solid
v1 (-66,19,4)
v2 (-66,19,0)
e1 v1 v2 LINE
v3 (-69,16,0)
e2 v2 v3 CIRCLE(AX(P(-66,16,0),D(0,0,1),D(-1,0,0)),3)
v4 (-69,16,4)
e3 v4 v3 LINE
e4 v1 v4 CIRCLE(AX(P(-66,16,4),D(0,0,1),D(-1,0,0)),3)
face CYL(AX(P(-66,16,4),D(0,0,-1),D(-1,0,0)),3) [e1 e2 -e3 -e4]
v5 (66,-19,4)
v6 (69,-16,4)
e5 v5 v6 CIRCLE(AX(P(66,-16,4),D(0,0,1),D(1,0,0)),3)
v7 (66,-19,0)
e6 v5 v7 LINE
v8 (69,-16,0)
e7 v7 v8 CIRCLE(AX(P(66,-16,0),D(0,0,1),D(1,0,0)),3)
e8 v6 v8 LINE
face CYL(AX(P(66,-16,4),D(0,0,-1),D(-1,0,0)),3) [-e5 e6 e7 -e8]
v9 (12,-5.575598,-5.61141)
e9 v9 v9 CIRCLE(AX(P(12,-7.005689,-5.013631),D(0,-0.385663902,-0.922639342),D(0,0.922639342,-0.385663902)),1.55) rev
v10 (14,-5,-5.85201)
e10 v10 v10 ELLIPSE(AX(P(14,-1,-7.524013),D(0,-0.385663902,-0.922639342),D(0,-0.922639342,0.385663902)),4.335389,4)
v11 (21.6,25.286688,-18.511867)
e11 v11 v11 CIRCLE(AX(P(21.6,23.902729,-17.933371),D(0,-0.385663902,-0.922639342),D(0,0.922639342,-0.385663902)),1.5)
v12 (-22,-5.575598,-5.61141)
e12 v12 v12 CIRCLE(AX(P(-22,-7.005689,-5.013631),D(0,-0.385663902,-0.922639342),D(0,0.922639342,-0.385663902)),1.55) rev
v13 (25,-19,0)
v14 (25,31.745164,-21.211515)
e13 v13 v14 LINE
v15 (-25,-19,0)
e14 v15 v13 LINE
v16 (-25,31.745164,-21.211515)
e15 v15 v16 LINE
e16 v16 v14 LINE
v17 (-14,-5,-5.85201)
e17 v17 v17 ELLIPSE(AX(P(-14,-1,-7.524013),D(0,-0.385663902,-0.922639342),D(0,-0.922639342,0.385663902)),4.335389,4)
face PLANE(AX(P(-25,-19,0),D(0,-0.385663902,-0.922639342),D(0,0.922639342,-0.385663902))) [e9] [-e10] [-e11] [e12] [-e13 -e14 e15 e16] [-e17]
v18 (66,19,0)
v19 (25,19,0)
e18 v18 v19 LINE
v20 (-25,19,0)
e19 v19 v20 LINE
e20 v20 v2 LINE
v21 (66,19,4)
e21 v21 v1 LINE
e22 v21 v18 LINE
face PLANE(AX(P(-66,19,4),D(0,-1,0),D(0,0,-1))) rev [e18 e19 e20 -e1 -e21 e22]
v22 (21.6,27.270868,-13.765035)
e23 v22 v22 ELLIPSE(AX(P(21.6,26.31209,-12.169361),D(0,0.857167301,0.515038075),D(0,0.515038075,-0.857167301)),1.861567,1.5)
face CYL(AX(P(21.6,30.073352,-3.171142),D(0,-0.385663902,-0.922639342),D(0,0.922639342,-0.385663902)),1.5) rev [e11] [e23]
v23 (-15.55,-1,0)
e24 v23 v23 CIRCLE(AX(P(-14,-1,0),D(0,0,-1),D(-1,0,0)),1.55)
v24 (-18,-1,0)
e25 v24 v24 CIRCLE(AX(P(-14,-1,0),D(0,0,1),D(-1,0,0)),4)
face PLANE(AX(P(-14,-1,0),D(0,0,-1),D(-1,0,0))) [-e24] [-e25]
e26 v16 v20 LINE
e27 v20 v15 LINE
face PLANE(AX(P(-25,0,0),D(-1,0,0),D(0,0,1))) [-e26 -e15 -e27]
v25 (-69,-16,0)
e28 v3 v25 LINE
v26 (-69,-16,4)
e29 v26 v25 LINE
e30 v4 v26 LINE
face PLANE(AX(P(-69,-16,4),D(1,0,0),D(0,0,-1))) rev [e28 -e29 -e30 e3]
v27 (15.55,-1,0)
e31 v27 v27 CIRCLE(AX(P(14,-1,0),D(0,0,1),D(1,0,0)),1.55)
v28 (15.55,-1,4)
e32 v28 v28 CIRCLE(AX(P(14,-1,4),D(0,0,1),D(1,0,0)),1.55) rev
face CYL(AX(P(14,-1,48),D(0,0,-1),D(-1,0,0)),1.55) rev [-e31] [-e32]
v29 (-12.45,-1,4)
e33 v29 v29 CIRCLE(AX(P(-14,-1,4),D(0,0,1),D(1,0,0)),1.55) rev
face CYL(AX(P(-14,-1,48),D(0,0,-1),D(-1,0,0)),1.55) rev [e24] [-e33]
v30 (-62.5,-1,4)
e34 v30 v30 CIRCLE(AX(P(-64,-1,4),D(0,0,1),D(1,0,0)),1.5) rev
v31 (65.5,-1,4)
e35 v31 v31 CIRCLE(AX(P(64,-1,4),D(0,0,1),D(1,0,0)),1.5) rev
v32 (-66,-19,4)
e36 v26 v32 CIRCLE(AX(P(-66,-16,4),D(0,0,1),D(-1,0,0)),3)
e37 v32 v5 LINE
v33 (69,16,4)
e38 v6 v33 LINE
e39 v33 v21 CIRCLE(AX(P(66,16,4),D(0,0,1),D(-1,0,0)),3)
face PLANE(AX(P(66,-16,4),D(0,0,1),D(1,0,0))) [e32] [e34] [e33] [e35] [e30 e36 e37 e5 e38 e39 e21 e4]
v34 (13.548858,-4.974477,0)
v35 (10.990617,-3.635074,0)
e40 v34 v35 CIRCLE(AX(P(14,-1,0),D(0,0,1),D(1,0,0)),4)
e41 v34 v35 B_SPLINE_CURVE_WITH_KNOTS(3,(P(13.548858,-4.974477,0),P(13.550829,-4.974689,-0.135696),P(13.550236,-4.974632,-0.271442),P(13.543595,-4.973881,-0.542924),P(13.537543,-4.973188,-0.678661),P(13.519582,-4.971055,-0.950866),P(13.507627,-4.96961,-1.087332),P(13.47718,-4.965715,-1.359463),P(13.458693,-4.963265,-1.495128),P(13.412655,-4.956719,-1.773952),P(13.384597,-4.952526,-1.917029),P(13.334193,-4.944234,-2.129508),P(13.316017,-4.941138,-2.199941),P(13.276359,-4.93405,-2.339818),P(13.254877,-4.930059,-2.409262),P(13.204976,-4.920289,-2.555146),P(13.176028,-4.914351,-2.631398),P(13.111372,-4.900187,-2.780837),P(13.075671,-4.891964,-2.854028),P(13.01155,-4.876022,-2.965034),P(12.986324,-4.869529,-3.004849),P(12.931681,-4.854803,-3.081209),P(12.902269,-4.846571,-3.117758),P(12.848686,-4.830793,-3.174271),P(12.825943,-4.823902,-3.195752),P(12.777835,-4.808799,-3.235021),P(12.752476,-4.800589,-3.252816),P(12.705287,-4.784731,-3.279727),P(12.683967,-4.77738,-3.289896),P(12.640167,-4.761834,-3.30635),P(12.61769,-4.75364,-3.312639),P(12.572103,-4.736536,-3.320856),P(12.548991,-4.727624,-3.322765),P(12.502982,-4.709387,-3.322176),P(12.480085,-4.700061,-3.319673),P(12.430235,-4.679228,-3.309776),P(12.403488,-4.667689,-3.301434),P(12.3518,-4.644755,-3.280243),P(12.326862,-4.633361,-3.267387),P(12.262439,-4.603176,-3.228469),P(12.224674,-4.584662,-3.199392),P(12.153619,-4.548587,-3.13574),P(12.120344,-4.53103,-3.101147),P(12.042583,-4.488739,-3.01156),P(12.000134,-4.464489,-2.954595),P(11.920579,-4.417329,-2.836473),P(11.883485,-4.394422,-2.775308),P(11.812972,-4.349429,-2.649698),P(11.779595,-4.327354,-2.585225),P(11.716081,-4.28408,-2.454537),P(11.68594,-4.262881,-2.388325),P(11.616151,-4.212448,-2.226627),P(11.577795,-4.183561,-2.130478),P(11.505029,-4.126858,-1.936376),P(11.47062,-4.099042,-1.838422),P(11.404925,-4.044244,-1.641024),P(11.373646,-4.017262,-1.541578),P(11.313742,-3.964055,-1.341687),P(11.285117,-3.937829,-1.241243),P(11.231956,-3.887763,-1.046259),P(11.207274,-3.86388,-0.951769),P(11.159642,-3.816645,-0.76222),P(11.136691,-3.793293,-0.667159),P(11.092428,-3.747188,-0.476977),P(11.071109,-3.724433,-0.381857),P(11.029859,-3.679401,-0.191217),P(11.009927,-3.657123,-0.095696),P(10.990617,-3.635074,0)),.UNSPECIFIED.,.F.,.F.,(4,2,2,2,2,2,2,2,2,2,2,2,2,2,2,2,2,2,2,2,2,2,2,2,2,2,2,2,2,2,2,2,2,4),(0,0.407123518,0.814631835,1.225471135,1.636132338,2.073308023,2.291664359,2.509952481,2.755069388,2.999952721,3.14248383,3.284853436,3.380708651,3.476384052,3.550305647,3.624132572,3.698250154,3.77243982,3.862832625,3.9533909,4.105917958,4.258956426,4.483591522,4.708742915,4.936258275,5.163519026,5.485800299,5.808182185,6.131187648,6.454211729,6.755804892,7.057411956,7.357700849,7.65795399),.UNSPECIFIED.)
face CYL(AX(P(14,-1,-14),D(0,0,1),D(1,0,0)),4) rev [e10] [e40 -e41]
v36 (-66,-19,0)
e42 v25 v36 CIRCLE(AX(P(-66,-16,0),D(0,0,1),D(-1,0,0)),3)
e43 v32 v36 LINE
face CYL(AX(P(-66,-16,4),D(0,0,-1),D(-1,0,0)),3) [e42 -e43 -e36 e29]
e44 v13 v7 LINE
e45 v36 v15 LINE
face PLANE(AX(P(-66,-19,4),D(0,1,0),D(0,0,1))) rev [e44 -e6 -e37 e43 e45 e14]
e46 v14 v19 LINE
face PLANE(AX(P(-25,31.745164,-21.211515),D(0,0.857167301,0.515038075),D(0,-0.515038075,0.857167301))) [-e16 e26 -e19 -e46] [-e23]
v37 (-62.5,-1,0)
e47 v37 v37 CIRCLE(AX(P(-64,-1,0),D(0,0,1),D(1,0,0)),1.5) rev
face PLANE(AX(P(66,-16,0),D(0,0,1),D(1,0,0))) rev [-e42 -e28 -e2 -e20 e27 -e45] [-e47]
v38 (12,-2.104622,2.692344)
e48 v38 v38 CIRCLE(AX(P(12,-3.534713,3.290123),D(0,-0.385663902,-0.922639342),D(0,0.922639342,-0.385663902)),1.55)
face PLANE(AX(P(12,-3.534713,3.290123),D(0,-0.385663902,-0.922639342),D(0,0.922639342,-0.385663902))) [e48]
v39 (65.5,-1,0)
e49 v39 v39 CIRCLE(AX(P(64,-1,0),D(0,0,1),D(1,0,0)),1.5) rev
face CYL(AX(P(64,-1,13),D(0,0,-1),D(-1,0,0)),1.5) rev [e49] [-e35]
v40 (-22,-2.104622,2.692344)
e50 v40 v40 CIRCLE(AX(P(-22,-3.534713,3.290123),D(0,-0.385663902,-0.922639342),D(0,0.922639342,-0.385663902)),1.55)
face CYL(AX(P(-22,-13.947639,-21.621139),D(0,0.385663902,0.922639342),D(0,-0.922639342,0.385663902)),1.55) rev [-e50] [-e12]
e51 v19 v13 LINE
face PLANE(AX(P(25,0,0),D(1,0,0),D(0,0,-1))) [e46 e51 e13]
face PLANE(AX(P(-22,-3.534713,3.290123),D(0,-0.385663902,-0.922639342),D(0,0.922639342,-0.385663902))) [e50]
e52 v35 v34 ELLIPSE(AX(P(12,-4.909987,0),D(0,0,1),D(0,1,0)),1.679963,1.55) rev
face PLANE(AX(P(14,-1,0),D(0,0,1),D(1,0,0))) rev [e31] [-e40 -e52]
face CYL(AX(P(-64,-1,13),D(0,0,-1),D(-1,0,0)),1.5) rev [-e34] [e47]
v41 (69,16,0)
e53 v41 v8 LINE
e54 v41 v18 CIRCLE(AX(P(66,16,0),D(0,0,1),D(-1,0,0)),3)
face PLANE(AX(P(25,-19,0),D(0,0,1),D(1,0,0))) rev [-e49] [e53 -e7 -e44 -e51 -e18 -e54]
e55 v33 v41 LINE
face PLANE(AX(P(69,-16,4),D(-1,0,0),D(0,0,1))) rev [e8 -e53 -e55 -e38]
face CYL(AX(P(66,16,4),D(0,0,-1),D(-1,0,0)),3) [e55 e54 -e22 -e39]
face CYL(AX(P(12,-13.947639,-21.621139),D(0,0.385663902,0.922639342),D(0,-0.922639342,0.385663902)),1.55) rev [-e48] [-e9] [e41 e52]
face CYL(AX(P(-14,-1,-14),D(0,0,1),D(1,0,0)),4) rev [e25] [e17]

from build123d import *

# Parameters (mm, degrees)
SALIENTE_EXTRUIR1_DEPTH    = 4
CORTAR_EXTRUIR1_DEPTH      = 13
CORTAR_EXTRUIR1_DEPTH_BACK = 4
CROQUIS2_R                 = 1.5
SALIENTE_EXTRUIR5_DEPTH    = 94
CORTAR_EXTRUIR2_DEPTH      = 44
CORTAR_EXTRUIR3_DEPTH      = 44
CORTAR_EXTRUIR3_DEPTH_BACK = 44
CROQUIS10_R                = 1.55
CROQUIS15_R                = 4
CORTAR_EXTRUIR5_DEPTH      = 14
CROQUIS17_R                = 1.5
CORTAR_EXTRUIR6_DEPTH      = 16
CORTAR_EXTRUIR9_DEPTH      = 18
CORTAR_EXTRUIR9_DEPTH_BACK = 9
CROQUIS19_R                = 1.55


with BuildPart() as part:
    # Croquis1 → Saliente-Extruir1 (new body)
    with BuildSketch(Plane.XY):
        with BuildLine():
            Line((-66, -19), (66, -19))
            ThreePointArc((66, -19), (68.121320344, -18.121320344), (69, -16))
            Line((69, -16), (69, 16))
            ThreePointArc((69, 16), (68.121320344, 18.121320344), (66, 19))
            Line((66, 19), (-66, 19))
            ThreePointArc((-66, 19), (-68.121320344, 18.121320344), (-69, 16))
            Line((-69, 16), (-69, -16))
            ThreePointArc((-69, -16), (-68.121320344, -18.121320344), (-66, -19))
        make_face()
    extrude(amount=SALIENTE_EXTRUIR1_DEPTH)

    # Croquis2 → Cortar-Extruir1 (cut, two sides: drawn at the far end of the back side and taken through both)
    with BuildSketch(Plane.XY.offset(-CORTAR_EXTRUIR1_DEPTH_BACK)):
        with Locations((-64, -1)):
            Circle(CROQUIS2_R)
        with Locations((64, -1)):
            Circle(CROQUIS2_R)
    extrude(amount=CORTAR_EXTRUIR1_DEPTH + CORTAR_EXTRUIR1_DEPTH_BACK, mode=Mode.SUBTRACT)

    # Croquis4 → Saliente-Extruir5 (add)
    with BuildSketch(Plane(origin=(69, 0, 0), x_dir=(0, 0, -1), z_dir=(1, 0, 0))):
        Polygon((0, -19), (21.2115146, 31.745163793), (0, 19), align=None)
    extrude(amount=-SALIENTE_EXTRUIR5_DEPTH)

    # Croquis6 → Cortar-Extruir2 (cut)
    with BuildSketch(Plane(origin=(69, 0, 0), x_dir=(0, 0, -1), z_dir=(1, 0, 0))):
        Polygon((0, -19), (0, 19), (21.2115146, 31.745163793), align=None)
    extrude(amount=-CORTAR_EXTRUIR2_DEPTH, mode=Mode.SUBTRACT)

    # Croquis10 → Cortar-Extruir3 (cut, two sides: drawn at the far end of the back side and taken through both)
    with BuildSketch(Plane.XY.offset(4).offset(-CORTAR_EXTRUIR3_DEPTH_BACK)):
        with Locations((-14, -1)):
            Circle(CROQUIS10_R)
        with Locations((14, -1)):
            Circle(CROQUIS10_R)
    extrude(amount=CORTAR_EXTRUIR3_DEPTH + CORTAR_EXTRUIR3_DEPTH_BACK, mode=Mode.SUBTRACT)

    # Croquis15 → Cortar-Extruir5 (cut)
    with BuildSketch(Plane.XY):
        with Locations((14, -1)):
            Circle(CROQUIS15_R)
        with Locations((-14, -1)):
            Circle(CROQUIS15_R)
    extrude(amount=-CORTAR_EXTRUIR5_DEPTH, mode=Mode.SUBTRACT)

    # Croquis17 → Cortar-Extruir6 (cut)
    with BuildSketch(Plane(origin=(0, -2.825996258, -6.760745081), x_dir=(-1, 0, 0), z_dir=(0, -0.38566390181618804, -0.9226393416909523))):
        with Locations((-21.6, 28.969852508)):
            Circle(CROQUIS17_R)
    extrude(amount=-CORTAR_EXTRUIR6_DEPTH, mode=Mode.SUBTRACT)

    # Croquis19 → Cortar-Extruir9 (cut, two sides: drawn at the far end of the back side and taken through both)
    with BuildSketch(Plane(origin=(0, -2.825996258, -6.760745081), x_dir=(-1, 0, 0), z_dir=(0, -0.385663901816188, -0.9226393416909522)).offset(-CORTAR_EXTRUIR9_DEPTH_BACK)):
        with Locations((22, -4.530147492)):
            Circle(CROQUIS19_R)
        with Locations((-12, -4.530147492)):
            Circle(CROQUIS19_R)
    extrude(amount=CORTAR_EXTRUIR9_DEPTH + CORTAR_EXTRUIR9_DEPTH_BACK, mode=Mode.SUBTRACT)


solid = part.part
